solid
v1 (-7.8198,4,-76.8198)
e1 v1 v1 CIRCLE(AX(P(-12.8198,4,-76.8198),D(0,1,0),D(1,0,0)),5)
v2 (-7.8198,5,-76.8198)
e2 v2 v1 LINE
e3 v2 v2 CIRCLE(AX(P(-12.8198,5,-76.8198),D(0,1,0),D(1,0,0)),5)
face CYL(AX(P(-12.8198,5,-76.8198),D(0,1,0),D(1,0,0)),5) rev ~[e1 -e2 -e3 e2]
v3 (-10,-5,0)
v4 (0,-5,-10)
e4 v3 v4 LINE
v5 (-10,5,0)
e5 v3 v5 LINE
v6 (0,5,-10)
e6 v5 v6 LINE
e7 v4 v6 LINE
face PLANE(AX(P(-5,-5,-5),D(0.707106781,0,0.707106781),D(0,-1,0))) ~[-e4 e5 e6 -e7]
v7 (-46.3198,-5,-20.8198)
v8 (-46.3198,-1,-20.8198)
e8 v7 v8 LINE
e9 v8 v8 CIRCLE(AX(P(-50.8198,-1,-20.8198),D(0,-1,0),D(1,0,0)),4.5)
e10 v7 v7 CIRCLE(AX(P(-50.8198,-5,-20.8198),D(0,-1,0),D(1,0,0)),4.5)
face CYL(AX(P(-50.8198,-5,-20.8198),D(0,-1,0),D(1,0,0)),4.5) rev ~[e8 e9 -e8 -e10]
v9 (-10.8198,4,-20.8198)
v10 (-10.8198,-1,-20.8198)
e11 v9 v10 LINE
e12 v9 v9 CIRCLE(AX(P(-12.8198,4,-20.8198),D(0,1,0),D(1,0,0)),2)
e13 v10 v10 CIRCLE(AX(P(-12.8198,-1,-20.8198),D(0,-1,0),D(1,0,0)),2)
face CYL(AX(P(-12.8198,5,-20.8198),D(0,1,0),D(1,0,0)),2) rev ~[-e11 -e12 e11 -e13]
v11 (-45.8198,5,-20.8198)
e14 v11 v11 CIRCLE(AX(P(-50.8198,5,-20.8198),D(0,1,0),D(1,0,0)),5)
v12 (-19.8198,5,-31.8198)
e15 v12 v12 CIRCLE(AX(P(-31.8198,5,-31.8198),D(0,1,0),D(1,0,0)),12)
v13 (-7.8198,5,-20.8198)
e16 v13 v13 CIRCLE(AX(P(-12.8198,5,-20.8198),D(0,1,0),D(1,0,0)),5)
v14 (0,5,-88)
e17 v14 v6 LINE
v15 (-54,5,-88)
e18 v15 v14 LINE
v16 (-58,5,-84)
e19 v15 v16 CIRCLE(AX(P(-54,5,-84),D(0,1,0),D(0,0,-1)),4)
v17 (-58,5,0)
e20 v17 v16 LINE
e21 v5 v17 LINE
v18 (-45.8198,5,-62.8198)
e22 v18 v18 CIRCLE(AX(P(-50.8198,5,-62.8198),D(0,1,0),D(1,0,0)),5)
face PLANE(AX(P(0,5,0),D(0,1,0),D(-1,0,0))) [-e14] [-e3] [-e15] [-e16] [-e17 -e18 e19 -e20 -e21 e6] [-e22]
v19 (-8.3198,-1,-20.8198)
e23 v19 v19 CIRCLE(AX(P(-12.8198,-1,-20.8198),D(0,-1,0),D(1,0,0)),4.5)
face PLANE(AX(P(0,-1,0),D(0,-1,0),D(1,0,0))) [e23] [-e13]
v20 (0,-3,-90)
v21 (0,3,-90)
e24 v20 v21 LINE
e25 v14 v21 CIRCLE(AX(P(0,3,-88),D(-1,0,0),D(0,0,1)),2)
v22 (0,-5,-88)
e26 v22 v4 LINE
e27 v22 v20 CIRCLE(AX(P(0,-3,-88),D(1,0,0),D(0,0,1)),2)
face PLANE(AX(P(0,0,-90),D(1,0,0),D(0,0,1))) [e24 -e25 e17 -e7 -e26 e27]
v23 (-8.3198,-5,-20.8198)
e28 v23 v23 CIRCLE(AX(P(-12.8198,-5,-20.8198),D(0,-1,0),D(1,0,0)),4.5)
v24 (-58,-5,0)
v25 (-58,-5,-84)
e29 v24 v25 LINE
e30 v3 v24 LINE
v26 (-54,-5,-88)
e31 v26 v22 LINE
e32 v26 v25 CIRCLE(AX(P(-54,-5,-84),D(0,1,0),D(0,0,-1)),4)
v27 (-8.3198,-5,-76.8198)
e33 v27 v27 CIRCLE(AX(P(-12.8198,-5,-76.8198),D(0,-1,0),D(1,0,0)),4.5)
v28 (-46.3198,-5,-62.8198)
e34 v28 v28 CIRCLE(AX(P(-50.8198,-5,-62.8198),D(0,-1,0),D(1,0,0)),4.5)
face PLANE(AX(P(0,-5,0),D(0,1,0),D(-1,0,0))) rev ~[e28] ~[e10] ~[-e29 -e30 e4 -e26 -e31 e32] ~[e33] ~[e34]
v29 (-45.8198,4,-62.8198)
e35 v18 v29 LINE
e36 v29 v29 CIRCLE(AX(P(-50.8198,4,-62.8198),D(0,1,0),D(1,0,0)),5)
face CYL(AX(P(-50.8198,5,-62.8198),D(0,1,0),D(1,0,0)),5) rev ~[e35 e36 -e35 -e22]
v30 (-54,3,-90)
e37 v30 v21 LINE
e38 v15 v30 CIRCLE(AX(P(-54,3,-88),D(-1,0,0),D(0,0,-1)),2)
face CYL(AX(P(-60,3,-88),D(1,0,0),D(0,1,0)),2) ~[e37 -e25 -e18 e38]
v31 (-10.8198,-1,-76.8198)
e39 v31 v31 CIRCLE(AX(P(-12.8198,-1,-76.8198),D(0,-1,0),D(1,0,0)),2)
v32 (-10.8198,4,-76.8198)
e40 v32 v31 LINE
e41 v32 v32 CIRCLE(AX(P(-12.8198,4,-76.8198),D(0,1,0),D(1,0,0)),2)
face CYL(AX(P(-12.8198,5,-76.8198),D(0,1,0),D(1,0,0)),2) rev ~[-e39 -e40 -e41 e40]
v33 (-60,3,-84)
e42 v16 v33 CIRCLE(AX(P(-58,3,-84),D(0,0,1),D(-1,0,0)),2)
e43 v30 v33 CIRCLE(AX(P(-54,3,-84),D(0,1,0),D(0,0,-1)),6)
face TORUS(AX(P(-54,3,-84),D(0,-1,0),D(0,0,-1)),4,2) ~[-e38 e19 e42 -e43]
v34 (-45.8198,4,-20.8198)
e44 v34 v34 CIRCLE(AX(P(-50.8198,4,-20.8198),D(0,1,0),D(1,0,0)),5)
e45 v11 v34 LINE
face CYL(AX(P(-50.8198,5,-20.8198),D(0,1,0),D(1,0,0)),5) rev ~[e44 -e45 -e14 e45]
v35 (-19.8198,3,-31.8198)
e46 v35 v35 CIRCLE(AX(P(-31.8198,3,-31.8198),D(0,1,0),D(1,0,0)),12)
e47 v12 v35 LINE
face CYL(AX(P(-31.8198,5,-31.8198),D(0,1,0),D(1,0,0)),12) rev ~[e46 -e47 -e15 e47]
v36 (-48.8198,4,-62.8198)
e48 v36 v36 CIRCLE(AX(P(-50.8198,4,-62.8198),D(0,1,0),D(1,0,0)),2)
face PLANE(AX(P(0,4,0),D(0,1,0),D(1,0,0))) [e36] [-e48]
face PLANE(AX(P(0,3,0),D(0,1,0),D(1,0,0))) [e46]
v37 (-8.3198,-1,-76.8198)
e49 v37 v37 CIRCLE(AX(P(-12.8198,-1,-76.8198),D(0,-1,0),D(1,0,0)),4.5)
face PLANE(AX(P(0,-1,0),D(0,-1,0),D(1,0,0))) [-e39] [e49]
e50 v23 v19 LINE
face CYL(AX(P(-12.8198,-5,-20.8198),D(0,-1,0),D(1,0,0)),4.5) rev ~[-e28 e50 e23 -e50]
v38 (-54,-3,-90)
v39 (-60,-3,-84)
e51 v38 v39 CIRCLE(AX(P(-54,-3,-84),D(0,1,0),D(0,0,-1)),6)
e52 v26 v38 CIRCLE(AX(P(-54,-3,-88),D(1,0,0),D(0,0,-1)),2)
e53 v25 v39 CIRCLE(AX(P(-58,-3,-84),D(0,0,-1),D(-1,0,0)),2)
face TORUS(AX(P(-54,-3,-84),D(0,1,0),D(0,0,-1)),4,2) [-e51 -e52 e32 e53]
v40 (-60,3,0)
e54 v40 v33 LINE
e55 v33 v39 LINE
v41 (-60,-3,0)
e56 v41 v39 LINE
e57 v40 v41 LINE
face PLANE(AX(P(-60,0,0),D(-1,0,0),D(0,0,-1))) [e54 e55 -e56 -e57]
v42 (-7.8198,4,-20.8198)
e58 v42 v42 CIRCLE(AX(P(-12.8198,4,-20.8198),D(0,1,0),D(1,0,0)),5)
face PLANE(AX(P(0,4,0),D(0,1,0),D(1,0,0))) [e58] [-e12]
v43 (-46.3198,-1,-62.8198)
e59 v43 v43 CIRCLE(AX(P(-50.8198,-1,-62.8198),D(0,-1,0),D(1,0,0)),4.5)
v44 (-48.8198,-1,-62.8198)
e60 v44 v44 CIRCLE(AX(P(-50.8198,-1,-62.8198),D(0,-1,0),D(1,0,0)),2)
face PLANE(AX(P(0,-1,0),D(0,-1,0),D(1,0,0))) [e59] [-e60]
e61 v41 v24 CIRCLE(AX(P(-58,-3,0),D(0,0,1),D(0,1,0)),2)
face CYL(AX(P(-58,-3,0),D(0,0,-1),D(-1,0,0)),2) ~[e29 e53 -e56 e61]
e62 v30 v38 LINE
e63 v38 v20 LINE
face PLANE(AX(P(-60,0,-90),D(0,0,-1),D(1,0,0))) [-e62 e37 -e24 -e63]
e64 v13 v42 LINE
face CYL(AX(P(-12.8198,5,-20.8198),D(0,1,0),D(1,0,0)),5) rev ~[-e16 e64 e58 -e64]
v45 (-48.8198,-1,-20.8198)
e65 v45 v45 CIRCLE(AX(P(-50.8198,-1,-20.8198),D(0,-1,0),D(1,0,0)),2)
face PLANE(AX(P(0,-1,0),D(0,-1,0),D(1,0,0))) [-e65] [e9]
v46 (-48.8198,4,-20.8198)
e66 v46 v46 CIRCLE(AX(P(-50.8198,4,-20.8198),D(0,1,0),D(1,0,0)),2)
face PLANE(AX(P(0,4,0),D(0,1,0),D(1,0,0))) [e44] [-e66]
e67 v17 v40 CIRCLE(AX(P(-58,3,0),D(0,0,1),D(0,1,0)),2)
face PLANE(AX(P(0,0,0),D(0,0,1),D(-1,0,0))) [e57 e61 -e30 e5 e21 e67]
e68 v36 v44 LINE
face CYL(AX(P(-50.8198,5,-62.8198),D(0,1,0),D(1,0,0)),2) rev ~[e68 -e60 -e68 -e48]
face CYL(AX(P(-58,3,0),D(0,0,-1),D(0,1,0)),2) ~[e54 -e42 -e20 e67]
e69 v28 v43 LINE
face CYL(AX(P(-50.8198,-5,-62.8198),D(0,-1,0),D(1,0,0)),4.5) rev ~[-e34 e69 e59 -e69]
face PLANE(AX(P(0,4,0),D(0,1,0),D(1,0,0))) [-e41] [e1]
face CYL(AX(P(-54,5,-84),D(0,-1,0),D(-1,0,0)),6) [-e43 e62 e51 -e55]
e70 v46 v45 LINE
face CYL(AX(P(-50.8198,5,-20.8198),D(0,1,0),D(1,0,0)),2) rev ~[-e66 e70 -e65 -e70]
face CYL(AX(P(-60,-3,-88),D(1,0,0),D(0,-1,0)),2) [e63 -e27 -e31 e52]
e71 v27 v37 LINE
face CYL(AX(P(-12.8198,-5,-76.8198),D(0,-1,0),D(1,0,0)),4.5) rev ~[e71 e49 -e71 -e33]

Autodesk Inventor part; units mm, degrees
ref_plane "YZ Plane" through (0, 0, 0) normal (1, 0, 0) x (0, 1, 0)
ref_plane "XZ Plane" through (0, 0, 0) normal (0, 1, 0) x (-1, 0, 0)
ref_plane "XY Plane" through (0, 0, 0) normal (0, 0, 1) x (1, 0, 0)
sketch "Sketch2" plane through (0, 0, 0) normal (0, 1, 0) x (-1, 0, 0)
  line L0 (0, 0) -> (60, 0)
  line L1 (60, 0) -> (60, -90)
  line L2 (60, -90) -> (0, -90)
  line L3 (0, -90) -> (0, 0)
  dimension "d5" = 60
  dimension "d6" = 90
extrude "Extrusion1" add sketch "Sketch2" along normal mid plane 10
sketch "Sketch3" plane through (0, 5, 0) normal (0, 1, 0) x (1, 0, 0)
  line L0 (-60, 0) -> (0, 0) construction
  line L1 (0, 0) -> (-31.8198, 31.8198) construction
  line L2 (0, 0) -> (45, 0) construction
  circle A0 centre (-31.8198, 31.8198) radius 12
  dimension "d9" = 45
  dimension "d10" = 135
  dimension "d11" = 24
extrude "Extrusion2" cut sketch "Sketch3" against normal blind 2
chamfer "Chamfer1" distance 10 angle 45 1 edges at (0, 0, 0)
fillet "Fillet1" radius 6 1 edges at (-60, 0, -90)
fillet "Fillet1" radius 2 4 edges at (-30, 5, -90) (-30, -5, -90) (-60, -5, -45) (-60, 5, -45)
sketch "Sketch4" plane through (0, 5, 0) normal (0, 1, 0) x (1, 0, 0)
  circle A0 centre (-31.8198, 31.8198) radius 12 projected
  line L0 (-31.8198, 31.8198) -> (-12.8198, 31.8198) construction
  line L1 (-12.8198, 31.8198) -> (-12.8198, 20.8198) construction
  circle A1 centre (-12.8198, 20.8198) radius 2
  line L2 (-31.8198, 31.8198) -> (-31.8198, 62.8198) construction
  line L3 (-31.8198, 31.8198) -> (-31.8198, 76.8198) construction
  circle A2 centre (-50.8198, 20.8198) radius 2
  line L4 (-31.8198, 76.8198) -> (-12.8198, 76.8198) construction
  line L5 (-31.8198, 62.8198) -> (-50.8198, 62.8198) construction
  circle A3 centre (-12.8198, 76.8198) radius 2
  circle A4 centre (-50.8198, 62.8198) radius 2
  point P0 (0, 0)
  dimension "d19" = 19
  dimension "d20" = 11
  dimension "d21" = 4
  dimension "d22" = 31
  dimension "d30" = 19
  dimension "d32" = 19
  dimension "d33" = 45
  dimension "d34" = 4
  dimension "d35" = 4
extrude "Extrusion4" cut sketch "Sketch4" against normal up to surface (10 mm away) contours A1 | A2 | A3 | A4
sketch "Sketch6" plane through (0, -5, 0) normal (0, -1, 0) x (1, 0, 0)
  circle A0 centre (-50.8198, -20.8198) radius 2 projected
  circle A1 centre (-12.8198, -20.8198) radius 2 projected
  circle A2 centre (-50.8198, -62.8198) radius 2 projected
  circle A3 centre (-12.8198, -76.8198) radius 2 projected
  circle A4 centre (-50.8198, -20.8198) radius 2 projected
  circle A5 centre (-50.8198, -20.8198) radius 4.5
  circle A6 centre (-12.8198, -20.8198) radius 2 projected
  circle A7 centre (-12.8198, -20.8198) radius 4.5
  circle A8 centre (-50.8198, -62.8198) radius 4.5
  circle A9 centre (-12.8198, -76.8198) radius 2 projected
  circle A10 centre (-12.8198, -76.8198) radius 4.5
  point P0 (0, 0)
  dimension "d45" = 9
  dimension "d46" = 9
  dimension "d47" = 9
  dimension "d48" = 9
extrude "Extrusion6" cut sketch "Sketch6" against normal blind 4
sketch "Sketch7" plane through (0, 5, 0) normal (0, 1, 0) x (1, 0, 0)
  circle A0 centre (-12.8198, 20.8198) radius 2 projected
  circle A1 centre (-50.8198, 20.8198) radius 2 projected
  circle A2 centre (-50.8198, 62.8198) radius 2 projected
  circle A3 centre (-12.8198, 76.8198) radius 2 projected
  circle A4 centre (-12.8198, 20.8198) radius 2 projected
  circle A5 centre (-12.8198, 20.8198) radius 5
  circle A6 centre (-50.8198, 20.8198) radius 5
  circle A7 centre (-12.8198, 76.8198) radius 5
  circle A8 centre (-50.8198, 62.8198) radius 5
  point P0 (0, 0)
  dimension "d51" = 10
  dimension "d52" = 10
  dimension "d53" = 10
  dimension "d54" = 10
extrude "Extrusion7" cut sketch "Sketch7" against normal blind 1
thread "Thread1" size "M4x0.7" class "6H" standard "ANSI Metric M Profile" full length
thread "Thread2" size "M4x0.7" class "6H" standard "ANSI Metric M Profile" full length
thread "Thread3" size "M4x0.7" class "6H" standard "ANSI Metric M Profile" full length
thread "Thread4" size "M4x0.7" class "6H" standard "ANSI Metric M Profile" full length
properties part number "bearing bracket for bolt screw"
